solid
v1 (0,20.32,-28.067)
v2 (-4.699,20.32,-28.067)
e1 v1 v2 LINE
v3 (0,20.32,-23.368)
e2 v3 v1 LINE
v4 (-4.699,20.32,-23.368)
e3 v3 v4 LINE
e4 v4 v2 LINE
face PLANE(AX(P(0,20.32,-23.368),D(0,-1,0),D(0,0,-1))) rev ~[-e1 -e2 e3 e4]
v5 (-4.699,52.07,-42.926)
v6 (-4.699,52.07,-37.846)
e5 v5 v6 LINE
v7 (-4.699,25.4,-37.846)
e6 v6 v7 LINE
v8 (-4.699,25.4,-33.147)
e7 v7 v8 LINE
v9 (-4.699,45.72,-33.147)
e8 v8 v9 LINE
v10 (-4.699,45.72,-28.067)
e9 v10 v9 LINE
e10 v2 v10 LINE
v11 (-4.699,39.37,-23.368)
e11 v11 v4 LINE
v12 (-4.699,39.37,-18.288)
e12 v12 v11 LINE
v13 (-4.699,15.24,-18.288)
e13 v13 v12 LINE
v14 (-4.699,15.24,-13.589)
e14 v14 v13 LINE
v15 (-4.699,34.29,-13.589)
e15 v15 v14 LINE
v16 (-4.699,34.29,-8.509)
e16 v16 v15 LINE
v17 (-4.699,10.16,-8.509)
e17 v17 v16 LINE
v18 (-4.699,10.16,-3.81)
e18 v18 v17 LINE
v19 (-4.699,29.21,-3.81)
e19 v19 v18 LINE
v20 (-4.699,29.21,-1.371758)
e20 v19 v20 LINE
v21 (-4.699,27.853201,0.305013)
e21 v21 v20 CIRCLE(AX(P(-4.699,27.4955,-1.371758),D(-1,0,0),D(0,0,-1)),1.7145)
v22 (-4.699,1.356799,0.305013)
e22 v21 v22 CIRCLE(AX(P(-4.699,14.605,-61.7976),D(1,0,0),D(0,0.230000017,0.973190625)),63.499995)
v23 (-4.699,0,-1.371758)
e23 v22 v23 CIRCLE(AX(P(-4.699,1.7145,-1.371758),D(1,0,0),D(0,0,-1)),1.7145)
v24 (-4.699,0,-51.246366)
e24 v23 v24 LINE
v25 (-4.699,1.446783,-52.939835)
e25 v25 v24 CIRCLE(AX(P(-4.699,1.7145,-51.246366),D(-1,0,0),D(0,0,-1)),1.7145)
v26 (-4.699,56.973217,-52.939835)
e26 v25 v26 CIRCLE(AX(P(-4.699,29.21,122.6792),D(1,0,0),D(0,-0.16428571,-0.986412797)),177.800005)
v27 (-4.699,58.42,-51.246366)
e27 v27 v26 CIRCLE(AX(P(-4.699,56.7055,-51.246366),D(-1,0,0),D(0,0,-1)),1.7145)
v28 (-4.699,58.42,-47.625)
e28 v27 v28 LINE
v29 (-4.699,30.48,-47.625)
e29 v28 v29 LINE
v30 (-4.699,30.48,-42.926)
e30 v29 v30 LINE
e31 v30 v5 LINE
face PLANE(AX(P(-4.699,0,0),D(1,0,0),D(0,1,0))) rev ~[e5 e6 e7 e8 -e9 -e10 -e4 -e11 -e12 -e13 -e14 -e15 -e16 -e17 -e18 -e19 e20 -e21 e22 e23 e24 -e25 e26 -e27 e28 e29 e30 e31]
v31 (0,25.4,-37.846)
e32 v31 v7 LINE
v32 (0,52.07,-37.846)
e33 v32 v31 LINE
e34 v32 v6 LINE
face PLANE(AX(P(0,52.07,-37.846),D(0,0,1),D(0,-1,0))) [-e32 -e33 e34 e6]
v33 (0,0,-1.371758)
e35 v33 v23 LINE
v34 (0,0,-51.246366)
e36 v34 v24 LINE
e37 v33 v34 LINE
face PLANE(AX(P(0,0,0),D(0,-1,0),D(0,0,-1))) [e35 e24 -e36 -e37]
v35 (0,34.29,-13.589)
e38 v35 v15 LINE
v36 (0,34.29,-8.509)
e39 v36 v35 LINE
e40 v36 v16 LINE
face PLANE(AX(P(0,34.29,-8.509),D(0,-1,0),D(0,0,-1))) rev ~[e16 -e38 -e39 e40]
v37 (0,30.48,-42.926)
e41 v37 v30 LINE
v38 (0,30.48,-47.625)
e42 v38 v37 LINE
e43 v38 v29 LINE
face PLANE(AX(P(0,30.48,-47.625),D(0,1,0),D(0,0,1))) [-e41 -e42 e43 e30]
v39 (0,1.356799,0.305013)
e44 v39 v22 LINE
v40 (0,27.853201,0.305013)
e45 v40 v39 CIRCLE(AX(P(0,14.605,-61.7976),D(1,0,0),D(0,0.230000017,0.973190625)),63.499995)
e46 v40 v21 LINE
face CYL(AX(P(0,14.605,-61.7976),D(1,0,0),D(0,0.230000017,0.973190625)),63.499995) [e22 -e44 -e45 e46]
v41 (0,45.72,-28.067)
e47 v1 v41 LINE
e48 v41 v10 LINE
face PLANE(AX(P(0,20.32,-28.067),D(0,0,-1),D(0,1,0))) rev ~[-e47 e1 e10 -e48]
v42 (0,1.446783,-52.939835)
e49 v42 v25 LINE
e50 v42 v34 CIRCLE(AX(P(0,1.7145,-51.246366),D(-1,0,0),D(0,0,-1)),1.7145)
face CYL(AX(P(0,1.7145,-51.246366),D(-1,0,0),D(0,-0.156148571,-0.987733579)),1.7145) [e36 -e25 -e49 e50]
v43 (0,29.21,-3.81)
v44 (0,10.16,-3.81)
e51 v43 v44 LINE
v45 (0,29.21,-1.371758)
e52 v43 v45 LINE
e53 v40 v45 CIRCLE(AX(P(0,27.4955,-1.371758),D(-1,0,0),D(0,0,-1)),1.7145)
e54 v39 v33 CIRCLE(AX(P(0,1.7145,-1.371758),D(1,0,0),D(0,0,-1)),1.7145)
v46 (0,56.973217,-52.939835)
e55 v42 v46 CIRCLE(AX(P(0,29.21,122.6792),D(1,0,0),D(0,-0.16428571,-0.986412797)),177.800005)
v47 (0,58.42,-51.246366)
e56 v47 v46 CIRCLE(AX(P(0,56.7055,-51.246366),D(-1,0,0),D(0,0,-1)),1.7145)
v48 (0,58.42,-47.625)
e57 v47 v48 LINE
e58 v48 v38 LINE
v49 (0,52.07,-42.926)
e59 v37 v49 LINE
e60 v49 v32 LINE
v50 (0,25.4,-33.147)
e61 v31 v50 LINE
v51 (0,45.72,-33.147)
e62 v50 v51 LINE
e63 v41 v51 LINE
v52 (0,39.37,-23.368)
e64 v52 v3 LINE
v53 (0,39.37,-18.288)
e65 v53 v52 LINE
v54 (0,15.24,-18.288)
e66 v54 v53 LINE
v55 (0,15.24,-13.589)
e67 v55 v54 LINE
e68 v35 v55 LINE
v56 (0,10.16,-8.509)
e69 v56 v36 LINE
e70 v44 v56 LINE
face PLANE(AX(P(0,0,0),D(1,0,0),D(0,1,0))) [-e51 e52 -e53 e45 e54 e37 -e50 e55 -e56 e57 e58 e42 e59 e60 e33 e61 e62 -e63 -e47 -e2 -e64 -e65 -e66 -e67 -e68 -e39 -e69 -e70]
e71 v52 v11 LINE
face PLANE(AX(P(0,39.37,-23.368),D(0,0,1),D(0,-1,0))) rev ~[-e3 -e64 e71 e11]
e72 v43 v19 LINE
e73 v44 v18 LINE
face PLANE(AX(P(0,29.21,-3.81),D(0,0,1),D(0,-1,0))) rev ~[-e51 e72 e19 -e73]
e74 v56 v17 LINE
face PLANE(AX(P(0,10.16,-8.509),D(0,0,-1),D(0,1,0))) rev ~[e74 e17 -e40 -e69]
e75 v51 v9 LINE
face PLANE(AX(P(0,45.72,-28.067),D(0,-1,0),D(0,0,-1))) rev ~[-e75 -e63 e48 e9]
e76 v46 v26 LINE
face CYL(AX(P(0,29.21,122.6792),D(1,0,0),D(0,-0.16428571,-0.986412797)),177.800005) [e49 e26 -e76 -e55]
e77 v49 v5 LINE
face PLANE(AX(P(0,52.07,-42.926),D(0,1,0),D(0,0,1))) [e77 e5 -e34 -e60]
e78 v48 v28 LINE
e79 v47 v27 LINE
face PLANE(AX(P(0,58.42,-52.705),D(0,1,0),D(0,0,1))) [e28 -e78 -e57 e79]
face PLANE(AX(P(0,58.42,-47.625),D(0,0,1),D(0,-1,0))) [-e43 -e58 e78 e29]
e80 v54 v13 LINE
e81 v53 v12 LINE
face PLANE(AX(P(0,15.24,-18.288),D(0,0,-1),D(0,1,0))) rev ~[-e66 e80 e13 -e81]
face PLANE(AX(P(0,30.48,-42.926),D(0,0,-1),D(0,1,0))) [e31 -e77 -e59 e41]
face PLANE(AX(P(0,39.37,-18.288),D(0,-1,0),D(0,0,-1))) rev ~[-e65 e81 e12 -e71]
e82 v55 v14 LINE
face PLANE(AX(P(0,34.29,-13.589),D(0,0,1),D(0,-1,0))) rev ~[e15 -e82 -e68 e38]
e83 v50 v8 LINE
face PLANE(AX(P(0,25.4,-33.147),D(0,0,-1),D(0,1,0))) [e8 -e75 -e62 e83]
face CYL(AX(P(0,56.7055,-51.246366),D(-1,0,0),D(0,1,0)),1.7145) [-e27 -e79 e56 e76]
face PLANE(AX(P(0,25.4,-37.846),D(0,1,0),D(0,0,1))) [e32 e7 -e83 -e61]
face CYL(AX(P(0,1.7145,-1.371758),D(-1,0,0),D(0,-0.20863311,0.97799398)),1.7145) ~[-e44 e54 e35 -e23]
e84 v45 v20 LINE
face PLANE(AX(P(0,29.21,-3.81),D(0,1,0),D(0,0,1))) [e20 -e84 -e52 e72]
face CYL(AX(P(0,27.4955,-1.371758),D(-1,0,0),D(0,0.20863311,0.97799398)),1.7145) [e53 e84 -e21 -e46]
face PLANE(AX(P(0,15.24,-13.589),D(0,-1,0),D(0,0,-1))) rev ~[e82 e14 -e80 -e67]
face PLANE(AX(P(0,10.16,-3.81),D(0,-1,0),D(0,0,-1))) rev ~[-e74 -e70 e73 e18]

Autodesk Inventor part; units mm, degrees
ref_plane "YZ Plane" through (0, 0, 0) normal (1, 0, 0) x (0, 1, 0)
ref_plane "XZ Plane" through (0, 0, 0) normal (0, 1, 0) x (-1, 0, 0)
ref_plane "XY Plane" through (0, 0, 0) normal (0, 0, 1) x (1, 0, 0)
sketch "Sketch1" plane through (0, 0, 0) normal (1, 0, 0) x (0, 1, 0)
  line L0 (0, 0) -> (58.42, 0) construction
  line L1 (58.42, 0) -> (58.42, -52.705) construction
  line L2 (58.42, -52.705) -> (0, -52.705) construction
  line L3 (0, -52.705) -> (0, 0) construction
  line L4 (0, 0) -> (0, -52.705)
  line L5 (0, -52.705) -> (58.42, -52.705) construction
  line L6 (29.21, -3.81) -> (10.16, -3.81)
  line L7 (10.16, -3.81) -> (10.16, -8.509)
  line L8 (10.16, -8.509) -> (34.29, -8.509)
  line L9 (34.29, -8.509) -> (34.29, -13.589)
  line L10 (34.29, -13.589) -> (15.24, -13.589)
  line L11 (15.24, -13.589) -> (15.24, -18.288)
  line L12 (29.21, -3.81) -> (29.21, 0)
  line L13 (0, 0) -> (29.21, 0) construction
  line L14 (15.24, -18.288) -> (39.37, -18.288)
  line L15 (39.37, -18.288) -> (39.37, -23.368)
  line L16 (39.37, -23.368) -> (20.32, -23.368)
  line L17 (20.32, -23.368) -> (20.32, -28.067)
  line L18 (20.32, -28.067) -> (45.72, -28.067)
  line L19 (45.72, -28.067) -> (45.72, -33.147)
  line L20 (58.42, -52.705) -> (58.42, -47.625)
  line L21 (58.42, -47.625) -> (30.48, -47.625)
  line L22 (30.48, -47.625) -> (30.48, -42.926)
  line L23 (30.48, -42.926) -> (52.07, -42.926)
  line L24 (52.07, -42.926) -> (52.07, -37.846)
  line L25 (52.07, -37.846) -> (25.4, -37.846)
  line L26 (25.4, -37.846) -> (25.4, -33.147)
  line L27 (25.4, -33.147) -> (45.72, -33.147)
  arc A0 (29.21, 0) -> (0, 0) centre (14.605, -61.7976) ccw
  arc A1 (0, -52.705) -> (58.42, -52.705) centre (29.21, 122.6792) ccw
  dimension "d0" = 52.705
  dimension "d1" = 58.42
  dimension "d2" = 4.699
  dimension "d3" = 3.81
  dimension "d5" = 5.08
  dimension "d6" = 5.08
  dimension "d7" = 4.699
  dimension "d8" = 10.16
  dimension "d9" = 19.05
  dimension "d10" = 19.05
  dimension "d11" = 5.08
  dimension "d12" = 4.699
  dimension "d13" = 5.08
  dimension "d14" = 19.05
  dimension "d15" = 5.08
  dimension "d18" = 4.699
  dimension "d19" = 4.699
  dimension "d22" = 5.08
  dimension "d28" = 5.08
  dimension "d35" = 63.5
  dimension "d36" = 177.8
  dimension "d39" = 5.08
  dimension "d40" = 6.35
  dimension "d42" = 5.08
  dimension "d43" = 6.35
  dimension "d44" = 6.35
extrude "Extrusion1" add sketch "Sketch1" against normal blind 4.699
fillet "Fillet1" radius 1.7145 4 edges at (-2.3495, 29.21, 0) (-2.3495, 0, 0) (-2.3495, 0, -52.705) (-2.3495, 58.42, -52.705)
equation "\"d2\" = thick"
equation "\"d6\" = 0.5 * d8"
equation "\"d7\" = thick"
equation "\"d12\" = thick"
equation "\"d13\" = d6"
equation "\"d18\" = thick"
equation "\"d19\" = thick"
equation "\"thick\" = 4.699"
properties part number "Head Frame"
